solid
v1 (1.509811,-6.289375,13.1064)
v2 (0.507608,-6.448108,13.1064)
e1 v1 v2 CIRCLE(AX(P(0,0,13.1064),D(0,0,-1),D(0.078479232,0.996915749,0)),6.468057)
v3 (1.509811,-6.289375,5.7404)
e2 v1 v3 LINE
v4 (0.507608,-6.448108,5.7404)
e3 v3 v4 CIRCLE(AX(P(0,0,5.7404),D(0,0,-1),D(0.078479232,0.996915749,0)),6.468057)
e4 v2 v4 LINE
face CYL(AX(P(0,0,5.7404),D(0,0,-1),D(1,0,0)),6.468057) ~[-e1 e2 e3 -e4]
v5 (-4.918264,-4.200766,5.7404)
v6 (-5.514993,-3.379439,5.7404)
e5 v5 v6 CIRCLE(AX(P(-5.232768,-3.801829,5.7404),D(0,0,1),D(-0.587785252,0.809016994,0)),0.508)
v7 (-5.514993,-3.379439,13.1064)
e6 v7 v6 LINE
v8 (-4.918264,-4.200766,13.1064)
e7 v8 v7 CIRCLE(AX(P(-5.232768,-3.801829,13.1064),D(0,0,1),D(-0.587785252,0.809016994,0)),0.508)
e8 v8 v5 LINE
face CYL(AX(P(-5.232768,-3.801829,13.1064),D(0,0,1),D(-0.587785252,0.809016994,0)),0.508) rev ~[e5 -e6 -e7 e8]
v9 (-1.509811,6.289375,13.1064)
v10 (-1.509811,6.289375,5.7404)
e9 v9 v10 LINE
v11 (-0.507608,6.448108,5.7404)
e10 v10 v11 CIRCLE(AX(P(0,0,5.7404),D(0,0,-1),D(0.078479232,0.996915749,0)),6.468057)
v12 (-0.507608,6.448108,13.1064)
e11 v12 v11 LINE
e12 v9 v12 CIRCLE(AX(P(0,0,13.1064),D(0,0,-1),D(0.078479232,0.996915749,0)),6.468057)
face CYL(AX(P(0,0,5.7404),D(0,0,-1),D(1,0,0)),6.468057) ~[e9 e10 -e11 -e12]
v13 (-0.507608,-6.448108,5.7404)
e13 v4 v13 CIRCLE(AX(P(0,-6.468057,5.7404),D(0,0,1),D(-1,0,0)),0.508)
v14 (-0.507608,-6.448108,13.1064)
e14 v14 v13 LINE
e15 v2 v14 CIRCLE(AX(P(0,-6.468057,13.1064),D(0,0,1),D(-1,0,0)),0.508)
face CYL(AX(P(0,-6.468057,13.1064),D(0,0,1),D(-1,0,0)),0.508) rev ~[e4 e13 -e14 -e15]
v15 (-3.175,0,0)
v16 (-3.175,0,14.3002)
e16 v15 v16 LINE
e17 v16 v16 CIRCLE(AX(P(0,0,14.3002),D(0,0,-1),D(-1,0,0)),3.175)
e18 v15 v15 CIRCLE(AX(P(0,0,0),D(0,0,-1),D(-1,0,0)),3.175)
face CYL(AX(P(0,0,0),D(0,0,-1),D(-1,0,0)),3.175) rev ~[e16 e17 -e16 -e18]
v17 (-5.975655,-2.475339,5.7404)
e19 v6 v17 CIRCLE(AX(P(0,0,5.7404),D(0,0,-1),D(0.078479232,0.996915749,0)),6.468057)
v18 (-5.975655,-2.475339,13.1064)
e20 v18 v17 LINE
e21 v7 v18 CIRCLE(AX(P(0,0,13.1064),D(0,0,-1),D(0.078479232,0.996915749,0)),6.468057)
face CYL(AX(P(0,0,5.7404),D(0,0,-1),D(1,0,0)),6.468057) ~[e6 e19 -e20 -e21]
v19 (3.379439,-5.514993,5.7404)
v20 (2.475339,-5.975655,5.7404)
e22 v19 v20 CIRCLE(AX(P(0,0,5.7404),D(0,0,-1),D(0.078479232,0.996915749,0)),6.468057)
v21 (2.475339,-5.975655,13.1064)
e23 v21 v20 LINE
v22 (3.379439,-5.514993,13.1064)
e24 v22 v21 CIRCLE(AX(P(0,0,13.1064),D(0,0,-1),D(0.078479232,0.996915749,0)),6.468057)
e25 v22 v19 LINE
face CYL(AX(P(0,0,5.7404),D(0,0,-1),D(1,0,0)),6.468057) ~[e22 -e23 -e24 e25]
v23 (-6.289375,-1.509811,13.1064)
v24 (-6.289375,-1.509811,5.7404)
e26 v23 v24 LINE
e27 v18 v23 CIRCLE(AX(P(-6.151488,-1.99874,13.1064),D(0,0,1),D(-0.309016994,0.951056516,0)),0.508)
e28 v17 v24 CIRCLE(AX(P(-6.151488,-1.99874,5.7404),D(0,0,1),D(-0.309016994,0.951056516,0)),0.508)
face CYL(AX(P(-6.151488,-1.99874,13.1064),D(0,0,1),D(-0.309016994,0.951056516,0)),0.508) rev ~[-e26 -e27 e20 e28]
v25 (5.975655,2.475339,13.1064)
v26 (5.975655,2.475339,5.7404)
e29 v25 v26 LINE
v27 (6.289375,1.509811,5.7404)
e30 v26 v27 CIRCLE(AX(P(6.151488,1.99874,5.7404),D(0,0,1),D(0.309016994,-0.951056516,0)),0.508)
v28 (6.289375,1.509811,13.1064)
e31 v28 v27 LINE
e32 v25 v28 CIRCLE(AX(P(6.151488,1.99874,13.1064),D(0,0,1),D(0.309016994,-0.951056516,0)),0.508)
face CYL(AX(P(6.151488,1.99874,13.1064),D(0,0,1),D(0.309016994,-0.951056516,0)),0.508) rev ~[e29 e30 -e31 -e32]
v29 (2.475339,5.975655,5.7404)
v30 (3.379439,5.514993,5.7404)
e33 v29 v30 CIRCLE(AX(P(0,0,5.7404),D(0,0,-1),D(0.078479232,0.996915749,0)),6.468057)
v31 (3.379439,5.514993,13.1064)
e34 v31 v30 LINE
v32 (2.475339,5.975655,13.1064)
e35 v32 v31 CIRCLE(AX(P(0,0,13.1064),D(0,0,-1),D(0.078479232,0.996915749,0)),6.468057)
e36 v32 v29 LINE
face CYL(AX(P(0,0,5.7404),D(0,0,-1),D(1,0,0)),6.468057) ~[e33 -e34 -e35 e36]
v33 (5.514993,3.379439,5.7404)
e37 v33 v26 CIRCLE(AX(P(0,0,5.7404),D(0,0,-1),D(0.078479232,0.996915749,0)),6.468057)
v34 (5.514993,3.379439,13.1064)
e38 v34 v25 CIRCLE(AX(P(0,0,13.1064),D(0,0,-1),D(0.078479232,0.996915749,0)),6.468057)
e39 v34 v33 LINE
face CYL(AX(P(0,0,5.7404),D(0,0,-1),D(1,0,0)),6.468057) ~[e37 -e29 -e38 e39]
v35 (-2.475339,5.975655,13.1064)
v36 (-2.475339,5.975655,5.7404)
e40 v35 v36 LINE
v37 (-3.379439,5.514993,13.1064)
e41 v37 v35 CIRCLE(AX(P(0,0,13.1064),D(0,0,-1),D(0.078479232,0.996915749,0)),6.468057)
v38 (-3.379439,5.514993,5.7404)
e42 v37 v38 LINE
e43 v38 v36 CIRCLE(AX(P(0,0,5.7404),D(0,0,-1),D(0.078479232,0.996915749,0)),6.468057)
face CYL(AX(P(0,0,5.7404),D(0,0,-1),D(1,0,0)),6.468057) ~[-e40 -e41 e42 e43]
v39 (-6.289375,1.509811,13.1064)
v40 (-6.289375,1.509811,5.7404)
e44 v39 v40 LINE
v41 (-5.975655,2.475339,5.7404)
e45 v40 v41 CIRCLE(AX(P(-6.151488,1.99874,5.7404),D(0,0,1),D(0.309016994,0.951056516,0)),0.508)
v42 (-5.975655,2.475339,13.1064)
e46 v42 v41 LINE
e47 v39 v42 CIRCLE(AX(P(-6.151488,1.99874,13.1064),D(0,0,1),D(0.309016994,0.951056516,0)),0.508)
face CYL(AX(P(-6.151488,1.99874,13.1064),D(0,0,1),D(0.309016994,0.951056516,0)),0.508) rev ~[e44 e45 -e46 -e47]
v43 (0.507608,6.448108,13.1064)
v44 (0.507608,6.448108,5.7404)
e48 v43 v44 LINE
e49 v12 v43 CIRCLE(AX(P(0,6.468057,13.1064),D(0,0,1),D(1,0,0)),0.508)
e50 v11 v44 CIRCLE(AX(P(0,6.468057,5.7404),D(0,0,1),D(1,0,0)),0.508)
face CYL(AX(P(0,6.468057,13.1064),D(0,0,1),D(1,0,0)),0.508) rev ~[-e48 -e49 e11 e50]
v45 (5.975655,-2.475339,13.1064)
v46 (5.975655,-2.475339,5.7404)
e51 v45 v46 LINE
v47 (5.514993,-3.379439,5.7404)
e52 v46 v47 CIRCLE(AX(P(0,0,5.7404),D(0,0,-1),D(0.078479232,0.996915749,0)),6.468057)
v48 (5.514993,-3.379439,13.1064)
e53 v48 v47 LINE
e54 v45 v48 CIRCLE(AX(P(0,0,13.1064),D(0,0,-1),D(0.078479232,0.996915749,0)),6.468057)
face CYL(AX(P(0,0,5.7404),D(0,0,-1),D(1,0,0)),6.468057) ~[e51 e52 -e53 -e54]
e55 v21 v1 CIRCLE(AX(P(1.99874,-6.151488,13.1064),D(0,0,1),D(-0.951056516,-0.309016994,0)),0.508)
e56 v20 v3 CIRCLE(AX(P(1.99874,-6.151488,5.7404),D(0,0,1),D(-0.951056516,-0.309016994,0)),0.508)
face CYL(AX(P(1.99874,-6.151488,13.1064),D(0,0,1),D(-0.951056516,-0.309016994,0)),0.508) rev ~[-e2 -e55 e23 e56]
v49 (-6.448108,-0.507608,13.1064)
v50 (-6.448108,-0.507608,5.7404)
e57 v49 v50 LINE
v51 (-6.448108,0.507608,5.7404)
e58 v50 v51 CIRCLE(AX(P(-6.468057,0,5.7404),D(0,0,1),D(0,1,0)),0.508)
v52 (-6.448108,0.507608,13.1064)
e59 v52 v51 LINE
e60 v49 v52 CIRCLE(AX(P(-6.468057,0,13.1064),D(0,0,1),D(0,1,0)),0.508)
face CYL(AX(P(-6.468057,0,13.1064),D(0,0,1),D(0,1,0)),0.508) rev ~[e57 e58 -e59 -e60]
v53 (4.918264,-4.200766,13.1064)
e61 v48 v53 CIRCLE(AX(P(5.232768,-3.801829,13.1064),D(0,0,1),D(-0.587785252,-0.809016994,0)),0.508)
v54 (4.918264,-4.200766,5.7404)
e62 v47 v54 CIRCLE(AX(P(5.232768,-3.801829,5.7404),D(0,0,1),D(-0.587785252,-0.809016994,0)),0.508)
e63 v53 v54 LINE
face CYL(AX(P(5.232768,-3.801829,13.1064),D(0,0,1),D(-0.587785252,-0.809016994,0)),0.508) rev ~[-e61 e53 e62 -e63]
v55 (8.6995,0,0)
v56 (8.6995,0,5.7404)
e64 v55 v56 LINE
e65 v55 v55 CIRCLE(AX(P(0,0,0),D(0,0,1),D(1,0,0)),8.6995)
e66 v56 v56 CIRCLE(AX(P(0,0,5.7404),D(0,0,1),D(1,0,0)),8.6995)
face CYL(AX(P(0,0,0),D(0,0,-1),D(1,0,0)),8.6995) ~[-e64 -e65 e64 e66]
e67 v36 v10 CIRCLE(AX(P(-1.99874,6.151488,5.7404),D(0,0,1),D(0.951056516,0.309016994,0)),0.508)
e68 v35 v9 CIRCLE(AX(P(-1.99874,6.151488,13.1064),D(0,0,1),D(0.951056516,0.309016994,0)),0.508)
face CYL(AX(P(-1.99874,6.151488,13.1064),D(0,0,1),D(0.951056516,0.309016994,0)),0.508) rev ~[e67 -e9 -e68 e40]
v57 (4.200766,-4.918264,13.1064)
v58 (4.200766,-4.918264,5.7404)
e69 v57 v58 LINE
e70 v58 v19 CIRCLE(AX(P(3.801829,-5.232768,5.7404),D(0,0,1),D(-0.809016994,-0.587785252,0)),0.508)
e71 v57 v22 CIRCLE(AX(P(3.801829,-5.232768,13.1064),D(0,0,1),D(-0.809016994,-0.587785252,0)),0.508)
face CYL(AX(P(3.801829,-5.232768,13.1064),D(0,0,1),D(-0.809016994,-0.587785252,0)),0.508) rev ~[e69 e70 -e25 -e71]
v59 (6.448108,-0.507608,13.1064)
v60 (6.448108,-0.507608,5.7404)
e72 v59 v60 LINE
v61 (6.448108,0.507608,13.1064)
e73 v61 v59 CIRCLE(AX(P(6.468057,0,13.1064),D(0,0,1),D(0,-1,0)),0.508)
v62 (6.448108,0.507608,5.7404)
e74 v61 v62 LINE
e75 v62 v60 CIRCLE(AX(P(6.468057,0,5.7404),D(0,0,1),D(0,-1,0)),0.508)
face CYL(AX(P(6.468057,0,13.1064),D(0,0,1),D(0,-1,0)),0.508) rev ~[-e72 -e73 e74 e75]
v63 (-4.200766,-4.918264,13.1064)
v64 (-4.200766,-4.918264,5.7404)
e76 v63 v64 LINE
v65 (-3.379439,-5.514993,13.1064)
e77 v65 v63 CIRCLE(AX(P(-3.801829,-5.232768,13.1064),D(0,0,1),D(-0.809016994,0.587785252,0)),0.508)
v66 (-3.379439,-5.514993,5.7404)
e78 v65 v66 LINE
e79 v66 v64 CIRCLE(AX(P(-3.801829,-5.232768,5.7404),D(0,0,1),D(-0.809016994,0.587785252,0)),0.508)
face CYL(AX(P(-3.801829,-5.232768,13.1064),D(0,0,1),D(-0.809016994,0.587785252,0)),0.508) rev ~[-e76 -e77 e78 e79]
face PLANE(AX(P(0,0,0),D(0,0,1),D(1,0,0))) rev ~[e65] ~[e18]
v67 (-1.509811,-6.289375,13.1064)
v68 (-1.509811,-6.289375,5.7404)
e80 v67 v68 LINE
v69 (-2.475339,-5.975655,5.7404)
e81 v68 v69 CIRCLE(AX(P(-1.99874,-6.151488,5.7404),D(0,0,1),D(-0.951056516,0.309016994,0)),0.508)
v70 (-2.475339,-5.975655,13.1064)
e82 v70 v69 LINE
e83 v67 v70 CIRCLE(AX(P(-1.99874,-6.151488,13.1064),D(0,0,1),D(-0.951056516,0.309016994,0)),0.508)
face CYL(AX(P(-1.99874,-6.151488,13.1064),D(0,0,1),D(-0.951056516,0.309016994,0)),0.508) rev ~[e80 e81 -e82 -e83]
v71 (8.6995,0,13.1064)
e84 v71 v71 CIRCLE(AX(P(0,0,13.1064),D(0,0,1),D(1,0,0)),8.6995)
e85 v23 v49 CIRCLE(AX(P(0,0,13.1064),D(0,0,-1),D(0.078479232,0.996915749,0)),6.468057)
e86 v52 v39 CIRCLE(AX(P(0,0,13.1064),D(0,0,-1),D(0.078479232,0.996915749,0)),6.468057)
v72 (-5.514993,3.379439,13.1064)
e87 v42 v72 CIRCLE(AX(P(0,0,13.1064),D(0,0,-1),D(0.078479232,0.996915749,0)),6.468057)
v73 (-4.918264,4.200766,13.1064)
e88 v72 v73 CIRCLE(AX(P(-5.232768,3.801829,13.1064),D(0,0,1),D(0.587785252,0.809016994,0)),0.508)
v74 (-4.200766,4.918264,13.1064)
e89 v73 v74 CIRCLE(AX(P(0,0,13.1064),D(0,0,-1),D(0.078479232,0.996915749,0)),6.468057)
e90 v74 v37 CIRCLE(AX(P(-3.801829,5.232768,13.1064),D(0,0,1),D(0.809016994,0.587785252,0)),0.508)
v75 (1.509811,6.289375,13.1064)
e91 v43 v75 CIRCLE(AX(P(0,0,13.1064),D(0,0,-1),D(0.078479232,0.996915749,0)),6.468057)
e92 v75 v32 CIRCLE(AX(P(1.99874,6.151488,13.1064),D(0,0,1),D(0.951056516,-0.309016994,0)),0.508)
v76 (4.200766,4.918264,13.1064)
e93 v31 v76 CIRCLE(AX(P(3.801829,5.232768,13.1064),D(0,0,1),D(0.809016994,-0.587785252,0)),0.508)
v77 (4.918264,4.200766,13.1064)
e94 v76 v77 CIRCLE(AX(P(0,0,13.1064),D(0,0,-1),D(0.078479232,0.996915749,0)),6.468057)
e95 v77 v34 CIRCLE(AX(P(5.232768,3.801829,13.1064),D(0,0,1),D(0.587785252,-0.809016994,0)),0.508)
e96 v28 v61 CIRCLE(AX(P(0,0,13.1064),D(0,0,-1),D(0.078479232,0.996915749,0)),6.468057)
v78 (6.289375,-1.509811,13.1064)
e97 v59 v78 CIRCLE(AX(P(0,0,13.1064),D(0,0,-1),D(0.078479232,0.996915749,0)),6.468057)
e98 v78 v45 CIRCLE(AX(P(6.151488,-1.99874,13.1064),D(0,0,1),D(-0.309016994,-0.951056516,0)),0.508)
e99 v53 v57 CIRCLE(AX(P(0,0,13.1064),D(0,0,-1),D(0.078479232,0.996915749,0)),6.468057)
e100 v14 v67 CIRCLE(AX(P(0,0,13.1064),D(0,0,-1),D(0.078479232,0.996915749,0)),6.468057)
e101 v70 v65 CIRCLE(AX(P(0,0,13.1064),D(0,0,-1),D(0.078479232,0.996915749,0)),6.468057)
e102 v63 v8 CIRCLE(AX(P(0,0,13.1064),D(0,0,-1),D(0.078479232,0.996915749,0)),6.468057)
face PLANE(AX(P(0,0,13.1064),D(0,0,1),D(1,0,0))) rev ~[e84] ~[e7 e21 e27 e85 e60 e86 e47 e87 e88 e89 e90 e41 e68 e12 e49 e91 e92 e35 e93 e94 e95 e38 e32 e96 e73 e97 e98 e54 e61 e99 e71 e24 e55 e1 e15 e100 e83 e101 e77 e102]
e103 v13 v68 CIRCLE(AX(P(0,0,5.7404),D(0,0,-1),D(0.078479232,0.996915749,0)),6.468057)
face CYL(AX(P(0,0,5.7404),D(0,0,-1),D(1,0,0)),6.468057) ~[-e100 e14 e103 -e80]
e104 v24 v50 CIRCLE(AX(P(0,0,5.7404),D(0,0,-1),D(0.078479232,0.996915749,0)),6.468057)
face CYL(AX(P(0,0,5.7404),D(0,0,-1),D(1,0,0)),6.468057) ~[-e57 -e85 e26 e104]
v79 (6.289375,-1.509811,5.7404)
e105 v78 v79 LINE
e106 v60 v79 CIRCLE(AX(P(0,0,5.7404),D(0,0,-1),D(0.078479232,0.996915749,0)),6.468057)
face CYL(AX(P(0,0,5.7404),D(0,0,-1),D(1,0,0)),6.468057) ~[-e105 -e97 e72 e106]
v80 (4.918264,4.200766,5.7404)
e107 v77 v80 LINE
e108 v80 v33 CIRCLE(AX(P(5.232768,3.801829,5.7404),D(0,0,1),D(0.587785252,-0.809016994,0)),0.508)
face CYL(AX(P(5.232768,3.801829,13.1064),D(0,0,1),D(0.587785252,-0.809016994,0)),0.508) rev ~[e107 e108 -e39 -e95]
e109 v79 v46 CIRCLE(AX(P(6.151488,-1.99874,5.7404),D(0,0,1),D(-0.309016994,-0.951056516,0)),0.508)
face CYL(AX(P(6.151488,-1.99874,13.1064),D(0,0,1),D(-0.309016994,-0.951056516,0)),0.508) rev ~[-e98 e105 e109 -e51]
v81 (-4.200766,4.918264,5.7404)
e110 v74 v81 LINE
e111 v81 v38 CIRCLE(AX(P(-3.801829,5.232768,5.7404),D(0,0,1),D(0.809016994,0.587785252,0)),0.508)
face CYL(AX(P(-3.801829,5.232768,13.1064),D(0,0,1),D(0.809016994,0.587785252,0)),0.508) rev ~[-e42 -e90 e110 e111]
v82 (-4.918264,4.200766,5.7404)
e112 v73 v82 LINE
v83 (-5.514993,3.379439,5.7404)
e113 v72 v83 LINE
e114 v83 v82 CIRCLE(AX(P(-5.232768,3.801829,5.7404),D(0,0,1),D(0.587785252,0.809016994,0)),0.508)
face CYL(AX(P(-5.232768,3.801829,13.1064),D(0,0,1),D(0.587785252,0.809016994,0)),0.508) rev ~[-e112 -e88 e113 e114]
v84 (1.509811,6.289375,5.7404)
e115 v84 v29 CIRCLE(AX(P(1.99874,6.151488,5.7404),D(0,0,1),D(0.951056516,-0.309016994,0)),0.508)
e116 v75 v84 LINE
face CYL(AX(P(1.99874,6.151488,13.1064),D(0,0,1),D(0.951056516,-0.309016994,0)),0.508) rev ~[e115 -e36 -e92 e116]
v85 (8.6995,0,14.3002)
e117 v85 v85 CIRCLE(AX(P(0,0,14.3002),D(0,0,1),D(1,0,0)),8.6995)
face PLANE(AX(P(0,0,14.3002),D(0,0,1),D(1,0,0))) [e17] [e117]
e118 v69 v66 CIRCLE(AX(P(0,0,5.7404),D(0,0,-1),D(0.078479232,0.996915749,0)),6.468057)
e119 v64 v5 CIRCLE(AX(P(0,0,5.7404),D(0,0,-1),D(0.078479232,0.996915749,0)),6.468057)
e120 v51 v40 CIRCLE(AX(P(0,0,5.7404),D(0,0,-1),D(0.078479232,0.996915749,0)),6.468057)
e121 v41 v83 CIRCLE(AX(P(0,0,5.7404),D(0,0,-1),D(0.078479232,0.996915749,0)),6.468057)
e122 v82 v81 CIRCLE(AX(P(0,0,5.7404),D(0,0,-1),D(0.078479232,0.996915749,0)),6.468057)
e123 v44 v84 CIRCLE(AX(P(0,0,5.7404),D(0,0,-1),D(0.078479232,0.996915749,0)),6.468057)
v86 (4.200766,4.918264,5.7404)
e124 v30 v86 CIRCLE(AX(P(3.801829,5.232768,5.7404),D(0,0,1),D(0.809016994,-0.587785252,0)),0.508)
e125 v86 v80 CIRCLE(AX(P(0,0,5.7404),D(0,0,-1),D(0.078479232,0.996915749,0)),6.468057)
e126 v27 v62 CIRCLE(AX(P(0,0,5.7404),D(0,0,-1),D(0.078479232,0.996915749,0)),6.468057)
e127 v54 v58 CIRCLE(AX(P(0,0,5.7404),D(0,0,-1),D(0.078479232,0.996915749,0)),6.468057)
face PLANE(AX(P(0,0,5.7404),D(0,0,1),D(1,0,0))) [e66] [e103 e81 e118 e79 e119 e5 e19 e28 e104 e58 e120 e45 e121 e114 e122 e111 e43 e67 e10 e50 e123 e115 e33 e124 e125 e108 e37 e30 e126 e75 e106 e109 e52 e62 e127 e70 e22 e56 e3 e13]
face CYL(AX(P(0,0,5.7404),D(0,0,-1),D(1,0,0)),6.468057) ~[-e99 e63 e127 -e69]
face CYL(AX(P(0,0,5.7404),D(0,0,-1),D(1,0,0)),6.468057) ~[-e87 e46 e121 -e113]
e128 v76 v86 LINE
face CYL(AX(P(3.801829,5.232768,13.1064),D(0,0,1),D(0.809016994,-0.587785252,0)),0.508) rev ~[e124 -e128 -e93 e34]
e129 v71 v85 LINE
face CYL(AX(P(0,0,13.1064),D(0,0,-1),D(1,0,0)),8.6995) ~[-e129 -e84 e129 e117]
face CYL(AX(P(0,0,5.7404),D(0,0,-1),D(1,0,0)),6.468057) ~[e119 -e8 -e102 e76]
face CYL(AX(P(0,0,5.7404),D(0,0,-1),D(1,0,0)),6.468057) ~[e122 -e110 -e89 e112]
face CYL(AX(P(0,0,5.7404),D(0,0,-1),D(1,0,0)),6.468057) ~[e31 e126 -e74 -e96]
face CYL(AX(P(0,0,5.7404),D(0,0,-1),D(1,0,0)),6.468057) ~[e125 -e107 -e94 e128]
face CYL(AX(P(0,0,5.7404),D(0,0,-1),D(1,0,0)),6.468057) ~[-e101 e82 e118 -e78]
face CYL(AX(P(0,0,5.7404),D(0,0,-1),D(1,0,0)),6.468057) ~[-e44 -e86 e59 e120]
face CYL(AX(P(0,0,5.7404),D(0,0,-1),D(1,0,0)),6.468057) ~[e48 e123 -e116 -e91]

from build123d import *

# Parameters (mm, degrees)
SKETCH1_R           = 8.6995
BOSS_EXTRUDE1_DEPTH = 5.7404
SKETCH2_R           = 6.468056998
BOSS_EXTRUDE2_DEPTH = 7.366
SKETCH3_R           = 0.508
CUT_EXTRUDE1_DEPTH  = 7.366
CIRPATTERN1_COUNT   = 20
SKETCH4_R           = 8.6995
BOSS_EXTRUDE3_DEPTH = 1.1938
SKETCH5_R           = 3.175
CUT_EXTRUDE2_DEPTH  = 15.3002


with BuildPart() as part:
    # Sketch1 → Boss-Extrude1 (new body)
    with BuildSketch(Plane.XY):
        Circle(SKETCH1_R)
    extrude(amount=BOSS_EXTRUDE1_DEPTH)

    # Sketch2 → Boss-Extrude2 (add)
    with BuildSketch(Plane.XY.offset(5.7404)):
        Circle(SKETCH2_R)
    extrude(amount=BOSS_EXTRUDE2_DEPTH)

    # Sketch3 → Cut-Extrude1 (cut)
    with BuildSketch(Plane.XY.offset(13.1064)):
        with Locations((0, 6.468056998)):
            Circle(SKETCH3_R)
    cut_extrude1 = extrude(amount=-CUT_EXTRUDE1_DEPTH, mode=Mode.SUBTRACT)

    # CirPattern1: Cut-Extrude1 ×20 about axis
    cirpattern1_axis = Axis((0, 0, 0), (0, 0, 1))
    for i in range(1, CIRPATTERN1_COUNT):
        add(cut_extrude1.rotate(cirpattern1_axis, i * 360 / CIRPATTERN1_COUNT), mode=Mode.SUBTRACT)

    # Sketch4 → Boss-Extrude3 (add)
    with BuildSketch(Plane.XY.offset(13.1064)):
        Circle(SKETCH4_R)
    extrude(amount=BOSS_EXTRUDE3_DEPTH)

    # Sketch5 → Cut-Extrude2 (cut, through all)
    with BuildSketch(Plane(origin=(0, 0, 0), x_dir=(-1, 0, 0), z_dir=(0, 0, -1))):
        Circle(SKETCH5_R)
    extrude(amount=-CUT_EXTRUDE2_DEPTH, mode=Mode.SUBTRACT)


solid = part.part
